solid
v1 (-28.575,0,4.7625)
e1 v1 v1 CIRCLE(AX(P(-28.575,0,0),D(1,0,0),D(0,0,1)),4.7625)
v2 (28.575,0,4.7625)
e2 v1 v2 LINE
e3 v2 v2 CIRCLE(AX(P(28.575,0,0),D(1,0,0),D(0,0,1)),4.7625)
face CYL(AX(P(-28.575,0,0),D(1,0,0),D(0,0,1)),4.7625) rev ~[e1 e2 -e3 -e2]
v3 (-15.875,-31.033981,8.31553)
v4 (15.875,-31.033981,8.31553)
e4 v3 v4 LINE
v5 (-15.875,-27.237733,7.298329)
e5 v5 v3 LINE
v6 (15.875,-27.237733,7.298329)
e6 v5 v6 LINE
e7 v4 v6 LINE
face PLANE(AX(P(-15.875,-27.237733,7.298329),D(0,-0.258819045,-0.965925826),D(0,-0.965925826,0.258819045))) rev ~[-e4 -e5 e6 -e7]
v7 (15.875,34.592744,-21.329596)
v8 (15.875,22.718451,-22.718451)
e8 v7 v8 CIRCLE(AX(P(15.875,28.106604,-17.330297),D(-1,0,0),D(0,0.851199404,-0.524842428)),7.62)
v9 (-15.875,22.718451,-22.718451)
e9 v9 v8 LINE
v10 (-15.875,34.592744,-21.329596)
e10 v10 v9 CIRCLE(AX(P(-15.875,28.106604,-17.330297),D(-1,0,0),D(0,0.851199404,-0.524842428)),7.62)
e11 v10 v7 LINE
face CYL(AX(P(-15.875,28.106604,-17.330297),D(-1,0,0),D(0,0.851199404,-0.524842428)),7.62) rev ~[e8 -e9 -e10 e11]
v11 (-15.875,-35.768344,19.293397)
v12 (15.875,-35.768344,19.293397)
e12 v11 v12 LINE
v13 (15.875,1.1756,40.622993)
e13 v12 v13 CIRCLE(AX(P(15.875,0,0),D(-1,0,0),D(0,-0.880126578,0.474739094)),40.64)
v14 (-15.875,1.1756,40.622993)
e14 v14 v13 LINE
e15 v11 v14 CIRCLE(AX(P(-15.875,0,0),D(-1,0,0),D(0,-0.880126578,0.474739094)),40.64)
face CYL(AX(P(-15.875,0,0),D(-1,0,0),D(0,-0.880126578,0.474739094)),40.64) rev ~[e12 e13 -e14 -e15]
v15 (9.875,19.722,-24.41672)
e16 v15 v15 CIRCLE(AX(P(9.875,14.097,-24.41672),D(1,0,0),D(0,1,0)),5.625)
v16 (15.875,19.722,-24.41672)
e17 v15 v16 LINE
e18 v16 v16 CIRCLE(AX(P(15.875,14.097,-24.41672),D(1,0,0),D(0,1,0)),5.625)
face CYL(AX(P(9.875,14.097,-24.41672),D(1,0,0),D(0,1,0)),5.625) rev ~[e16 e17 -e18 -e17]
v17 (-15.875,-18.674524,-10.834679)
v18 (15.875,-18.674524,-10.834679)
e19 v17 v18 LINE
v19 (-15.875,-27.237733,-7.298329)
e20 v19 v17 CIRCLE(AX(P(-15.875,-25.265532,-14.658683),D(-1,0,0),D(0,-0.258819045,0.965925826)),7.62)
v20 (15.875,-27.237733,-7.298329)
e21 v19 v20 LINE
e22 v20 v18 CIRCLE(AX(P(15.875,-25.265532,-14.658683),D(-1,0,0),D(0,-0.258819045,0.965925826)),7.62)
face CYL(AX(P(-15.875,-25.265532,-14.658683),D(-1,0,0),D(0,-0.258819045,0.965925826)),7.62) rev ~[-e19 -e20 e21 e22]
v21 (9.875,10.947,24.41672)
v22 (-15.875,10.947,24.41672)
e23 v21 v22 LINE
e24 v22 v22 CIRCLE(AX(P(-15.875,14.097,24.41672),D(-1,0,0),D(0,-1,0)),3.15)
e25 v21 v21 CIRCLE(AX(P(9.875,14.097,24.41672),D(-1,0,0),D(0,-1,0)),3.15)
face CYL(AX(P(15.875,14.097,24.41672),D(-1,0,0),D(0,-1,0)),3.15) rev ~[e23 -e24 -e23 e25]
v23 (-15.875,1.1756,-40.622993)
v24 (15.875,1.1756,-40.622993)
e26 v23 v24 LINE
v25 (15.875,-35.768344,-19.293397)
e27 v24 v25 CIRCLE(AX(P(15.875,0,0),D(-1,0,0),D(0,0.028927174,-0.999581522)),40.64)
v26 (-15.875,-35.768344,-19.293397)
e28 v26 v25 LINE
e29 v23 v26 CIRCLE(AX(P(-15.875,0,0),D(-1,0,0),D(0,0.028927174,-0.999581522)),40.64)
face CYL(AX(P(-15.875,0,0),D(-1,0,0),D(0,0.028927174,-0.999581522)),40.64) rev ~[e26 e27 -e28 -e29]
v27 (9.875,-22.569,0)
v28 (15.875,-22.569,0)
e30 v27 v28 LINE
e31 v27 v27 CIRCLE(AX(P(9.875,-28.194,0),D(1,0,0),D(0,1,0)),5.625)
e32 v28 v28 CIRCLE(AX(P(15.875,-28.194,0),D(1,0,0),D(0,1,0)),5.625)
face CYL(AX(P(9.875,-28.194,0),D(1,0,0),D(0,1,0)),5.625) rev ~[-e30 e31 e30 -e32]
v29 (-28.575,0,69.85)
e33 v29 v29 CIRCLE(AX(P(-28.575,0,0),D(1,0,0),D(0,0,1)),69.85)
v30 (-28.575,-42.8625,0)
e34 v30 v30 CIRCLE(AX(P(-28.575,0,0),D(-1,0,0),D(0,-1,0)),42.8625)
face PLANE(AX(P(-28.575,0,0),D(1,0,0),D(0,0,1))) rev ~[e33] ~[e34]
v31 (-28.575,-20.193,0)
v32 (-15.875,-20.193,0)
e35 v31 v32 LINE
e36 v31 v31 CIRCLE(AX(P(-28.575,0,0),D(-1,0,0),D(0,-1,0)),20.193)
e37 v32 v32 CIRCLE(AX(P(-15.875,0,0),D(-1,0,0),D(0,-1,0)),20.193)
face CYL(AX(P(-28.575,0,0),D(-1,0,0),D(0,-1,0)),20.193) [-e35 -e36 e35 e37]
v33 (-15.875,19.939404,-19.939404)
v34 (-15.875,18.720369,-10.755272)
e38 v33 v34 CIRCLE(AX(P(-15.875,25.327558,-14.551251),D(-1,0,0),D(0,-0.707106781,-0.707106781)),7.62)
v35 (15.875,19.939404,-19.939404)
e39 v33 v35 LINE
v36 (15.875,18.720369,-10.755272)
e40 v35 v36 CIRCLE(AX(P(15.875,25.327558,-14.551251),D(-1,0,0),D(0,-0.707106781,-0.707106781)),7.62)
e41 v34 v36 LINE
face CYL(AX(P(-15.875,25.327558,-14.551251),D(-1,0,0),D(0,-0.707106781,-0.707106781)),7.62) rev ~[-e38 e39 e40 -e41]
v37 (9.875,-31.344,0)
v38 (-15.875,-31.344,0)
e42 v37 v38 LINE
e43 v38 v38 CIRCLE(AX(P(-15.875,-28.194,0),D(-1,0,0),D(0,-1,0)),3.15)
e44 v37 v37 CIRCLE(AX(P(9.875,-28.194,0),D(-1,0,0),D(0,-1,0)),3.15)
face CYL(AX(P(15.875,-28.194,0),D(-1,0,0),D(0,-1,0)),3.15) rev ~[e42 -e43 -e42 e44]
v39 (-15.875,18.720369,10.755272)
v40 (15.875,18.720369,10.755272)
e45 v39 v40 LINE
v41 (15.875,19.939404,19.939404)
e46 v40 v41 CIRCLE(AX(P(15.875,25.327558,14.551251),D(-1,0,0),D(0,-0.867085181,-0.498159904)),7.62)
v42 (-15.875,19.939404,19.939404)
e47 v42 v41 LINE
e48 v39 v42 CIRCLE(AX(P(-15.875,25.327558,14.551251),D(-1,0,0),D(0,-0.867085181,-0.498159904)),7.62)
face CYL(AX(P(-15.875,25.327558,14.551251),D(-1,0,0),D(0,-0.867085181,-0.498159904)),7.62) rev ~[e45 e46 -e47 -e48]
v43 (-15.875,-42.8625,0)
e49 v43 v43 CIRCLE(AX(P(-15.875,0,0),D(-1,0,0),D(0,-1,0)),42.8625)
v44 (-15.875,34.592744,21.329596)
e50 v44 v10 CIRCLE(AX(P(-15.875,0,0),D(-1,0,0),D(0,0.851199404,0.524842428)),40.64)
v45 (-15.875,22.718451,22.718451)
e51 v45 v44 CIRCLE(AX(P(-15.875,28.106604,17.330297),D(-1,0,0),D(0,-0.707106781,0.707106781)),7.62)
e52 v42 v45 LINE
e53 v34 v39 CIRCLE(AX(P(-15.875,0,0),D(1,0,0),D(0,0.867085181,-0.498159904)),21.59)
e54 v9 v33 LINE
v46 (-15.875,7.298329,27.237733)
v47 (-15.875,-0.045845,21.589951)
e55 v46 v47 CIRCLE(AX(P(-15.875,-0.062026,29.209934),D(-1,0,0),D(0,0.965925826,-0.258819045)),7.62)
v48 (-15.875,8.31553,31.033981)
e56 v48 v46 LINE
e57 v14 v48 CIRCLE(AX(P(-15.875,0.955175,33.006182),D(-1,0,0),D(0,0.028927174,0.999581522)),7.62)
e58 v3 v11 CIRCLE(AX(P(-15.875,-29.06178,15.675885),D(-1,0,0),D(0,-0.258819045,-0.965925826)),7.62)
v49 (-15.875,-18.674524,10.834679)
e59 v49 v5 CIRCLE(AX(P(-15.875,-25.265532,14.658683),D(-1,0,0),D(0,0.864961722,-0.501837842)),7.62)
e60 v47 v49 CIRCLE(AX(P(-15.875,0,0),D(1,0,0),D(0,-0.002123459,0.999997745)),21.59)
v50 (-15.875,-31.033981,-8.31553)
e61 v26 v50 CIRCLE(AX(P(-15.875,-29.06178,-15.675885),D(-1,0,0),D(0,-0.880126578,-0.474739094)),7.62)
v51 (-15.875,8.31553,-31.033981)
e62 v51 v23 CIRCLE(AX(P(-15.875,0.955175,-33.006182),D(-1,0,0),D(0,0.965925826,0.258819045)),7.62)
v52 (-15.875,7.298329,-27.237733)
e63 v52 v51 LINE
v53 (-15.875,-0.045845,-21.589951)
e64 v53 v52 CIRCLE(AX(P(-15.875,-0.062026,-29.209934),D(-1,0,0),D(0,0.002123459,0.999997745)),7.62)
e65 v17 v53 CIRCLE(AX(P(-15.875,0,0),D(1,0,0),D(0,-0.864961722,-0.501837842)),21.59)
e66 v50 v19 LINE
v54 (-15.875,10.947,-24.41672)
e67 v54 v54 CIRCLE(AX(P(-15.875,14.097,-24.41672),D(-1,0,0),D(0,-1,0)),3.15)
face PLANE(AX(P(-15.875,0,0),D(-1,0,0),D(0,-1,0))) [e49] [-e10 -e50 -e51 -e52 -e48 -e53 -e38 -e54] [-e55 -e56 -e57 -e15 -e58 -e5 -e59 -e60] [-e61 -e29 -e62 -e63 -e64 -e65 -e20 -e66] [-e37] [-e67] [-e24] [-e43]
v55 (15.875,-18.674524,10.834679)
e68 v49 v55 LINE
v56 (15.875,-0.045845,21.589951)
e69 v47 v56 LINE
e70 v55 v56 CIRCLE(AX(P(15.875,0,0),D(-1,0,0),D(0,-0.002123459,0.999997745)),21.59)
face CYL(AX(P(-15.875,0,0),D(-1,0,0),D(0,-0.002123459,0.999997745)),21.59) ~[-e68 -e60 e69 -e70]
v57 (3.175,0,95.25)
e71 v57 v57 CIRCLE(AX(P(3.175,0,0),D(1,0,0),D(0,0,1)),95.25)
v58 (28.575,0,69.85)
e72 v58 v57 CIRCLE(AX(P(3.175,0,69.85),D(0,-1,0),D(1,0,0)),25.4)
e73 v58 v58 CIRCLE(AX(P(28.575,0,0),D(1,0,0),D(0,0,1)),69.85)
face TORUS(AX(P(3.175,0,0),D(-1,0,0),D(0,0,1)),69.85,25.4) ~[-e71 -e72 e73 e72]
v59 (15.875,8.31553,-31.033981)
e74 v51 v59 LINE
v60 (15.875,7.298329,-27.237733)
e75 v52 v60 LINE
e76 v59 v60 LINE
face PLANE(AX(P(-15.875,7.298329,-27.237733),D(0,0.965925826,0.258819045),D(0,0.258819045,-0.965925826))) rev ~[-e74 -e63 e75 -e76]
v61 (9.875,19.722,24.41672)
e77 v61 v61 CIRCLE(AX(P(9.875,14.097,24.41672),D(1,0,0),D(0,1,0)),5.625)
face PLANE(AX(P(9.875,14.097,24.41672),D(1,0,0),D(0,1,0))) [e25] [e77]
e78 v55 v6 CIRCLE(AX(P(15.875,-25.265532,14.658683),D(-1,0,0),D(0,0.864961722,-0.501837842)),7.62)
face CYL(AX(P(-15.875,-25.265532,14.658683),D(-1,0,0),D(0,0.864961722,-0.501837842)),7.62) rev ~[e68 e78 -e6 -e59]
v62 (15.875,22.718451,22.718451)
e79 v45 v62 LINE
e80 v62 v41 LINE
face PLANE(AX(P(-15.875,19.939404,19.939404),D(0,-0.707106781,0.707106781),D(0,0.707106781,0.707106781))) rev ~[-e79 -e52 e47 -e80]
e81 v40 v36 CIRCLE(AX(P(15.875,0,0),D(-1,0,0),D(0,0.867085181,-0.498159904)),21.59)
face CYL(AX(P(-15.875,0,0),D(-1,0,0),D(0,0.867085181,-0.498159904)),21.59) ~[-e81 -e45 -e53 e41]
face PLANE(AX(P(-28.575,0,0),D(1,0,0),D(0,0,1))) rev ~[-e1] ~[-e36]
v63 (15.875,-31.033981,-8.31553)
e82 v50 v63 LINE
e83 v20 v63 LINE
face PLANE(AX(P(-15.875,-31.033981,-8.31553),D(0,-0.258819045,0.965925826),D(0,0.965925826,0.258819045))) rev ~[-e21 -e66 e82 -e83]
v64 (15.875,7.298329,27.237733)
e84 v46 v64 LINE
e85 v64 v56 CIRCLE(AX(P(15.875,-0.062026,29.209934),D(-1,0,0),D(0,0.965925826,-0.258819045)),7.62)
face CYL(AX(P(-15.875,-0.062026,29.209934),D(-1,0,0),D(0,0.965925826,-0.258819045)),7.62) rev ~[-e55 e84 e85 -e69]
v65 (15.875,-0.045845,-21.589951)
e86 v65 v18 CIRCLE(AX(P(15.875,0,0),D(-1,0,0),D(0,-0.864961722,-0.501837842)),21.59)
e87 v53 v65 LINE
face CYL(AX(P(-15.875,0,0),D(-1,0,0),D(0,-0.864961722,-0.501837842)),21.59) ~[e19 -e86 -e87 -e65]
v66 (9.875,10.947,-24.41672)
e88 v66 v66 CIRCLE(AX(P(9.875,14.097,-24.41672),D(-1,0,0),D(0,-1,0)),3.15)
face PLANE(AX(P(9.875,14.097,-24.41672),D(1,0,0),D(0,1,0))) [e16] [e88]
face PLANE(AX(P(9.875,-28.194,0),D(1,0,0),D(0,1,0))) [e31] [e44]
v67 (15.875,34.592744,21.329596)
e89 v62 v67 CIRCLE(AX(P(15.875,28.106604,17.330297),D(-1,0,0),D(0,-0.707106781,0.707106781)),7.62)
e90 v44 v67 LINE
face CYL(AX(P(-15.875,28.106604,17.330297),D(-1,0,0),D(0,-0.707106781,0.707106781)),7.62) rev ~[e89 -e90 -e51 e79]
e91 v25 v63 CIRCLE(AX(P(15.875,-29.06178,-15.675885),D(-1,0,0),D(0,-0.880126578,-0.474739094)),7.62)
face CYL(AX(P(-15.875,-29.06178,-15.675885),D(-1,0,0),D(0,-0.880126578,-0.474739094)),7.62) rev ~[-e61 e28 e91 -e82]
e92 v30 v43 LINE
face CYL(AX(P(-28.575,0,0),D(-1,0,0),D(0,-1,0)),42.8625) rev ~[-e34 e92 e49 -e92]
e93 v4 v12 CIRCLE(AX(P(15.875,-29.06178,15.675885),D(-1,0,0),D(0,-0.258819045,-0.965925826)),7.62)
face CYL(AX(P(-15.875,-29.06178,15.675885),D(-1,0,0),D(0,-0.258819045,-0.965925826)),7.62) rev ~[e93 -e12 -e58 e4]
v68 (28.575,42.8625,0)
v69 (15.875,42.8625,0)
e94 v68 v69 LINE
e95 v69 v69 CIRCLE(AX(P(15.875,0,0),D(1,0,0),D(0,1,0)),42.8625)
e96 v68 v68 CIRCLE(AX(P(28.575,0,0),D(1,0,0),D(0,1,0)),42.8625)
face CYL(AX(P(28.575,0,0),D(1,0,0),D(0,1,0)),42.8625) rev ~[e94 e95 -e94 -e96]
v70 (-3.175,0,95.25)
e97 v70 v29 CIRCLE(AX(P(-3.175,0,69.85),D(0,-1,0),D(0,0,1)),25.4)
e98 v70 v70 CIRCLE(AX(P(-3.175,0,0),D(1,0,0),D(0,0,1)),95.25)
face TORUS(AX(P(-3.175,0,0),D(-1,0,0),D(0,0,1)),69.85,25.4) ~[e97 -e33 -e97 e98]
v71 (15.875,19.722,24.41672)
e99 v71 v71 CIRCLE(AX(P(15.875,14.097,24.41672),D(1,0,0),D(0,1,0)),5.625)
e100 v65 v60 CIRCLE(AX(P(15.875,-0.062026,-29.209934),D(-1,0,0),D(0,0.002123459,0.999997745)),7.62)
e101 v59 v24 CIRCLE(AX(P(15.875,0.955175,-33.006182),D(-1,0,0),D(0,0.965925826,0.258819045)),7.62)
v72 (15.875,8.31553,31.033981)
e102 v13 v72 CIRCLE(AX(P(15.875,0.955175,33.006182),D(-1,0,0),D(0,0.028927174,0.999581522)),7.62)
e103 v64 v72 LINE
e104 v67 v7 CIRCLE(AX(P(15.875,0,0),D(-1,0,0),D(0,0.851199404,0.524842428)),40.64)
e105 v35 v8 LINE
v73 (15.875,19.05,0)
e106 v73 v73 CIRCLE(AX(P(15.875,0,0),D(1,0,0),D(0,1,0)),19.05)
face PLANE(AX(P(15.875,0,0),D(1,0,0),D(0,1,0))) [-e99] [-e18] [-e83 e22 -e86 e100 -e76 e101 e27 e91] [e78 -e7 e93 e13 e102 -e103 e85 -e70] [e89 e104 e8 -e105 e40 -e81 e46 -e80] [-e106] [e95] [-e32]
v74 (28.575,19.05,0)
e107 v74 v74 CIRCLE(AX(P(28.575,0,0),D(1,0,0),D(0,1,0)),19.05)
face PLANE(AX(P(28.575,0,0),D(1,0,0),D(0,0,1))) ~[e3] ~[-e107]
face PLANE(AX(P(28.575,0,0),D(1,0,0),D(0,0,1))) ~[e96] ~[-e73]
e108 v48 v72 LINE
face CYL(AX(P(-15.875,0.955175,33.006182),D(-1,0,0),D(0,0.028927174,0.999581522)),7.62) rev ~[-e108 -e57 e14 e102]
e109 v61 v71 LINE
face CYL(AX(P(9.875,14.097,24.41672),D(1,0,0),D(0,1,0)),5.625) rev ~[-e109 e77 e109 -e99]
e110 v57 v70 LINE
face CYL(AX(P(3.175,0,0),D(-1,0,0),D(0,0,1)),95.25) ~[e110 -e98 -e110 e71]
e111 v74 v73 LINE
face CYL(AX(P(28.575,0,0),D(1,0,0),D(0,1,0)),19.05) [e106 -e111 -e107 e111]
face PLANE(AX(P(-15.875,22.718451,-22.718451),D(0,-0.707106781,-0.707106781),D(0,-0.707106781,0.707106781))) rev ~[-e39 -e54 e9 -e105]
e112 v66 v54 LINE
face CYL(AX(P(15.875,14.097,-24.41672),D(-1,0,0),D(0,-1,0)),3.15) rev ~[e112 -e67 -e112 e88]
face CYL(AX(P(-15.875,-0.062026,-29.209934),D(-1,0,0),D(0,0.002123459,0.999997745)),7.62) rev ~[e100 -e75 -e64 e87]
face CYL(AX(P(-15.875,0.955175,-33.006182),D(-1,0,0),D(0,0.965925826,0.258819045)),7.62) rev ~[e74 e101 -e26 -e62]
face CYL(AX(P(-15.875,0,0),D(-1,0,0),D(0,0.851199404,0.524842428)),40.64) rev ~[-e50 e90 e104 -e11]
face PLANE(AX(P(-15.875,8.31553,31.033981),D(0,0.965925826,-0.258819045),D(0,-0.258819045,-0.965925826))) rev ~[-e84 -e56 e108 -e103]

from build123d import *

# Parameters (mm, degrees)
F2_R           = 42.8625
F2_R_2         = 19.05
F3_DEPTH       = 12.7
F4_R           = 42.8625
F4_R_2         = 20.193
F5_DEPTH       = 12.7
F7_DEPTH       = 44.451
F9_D           = 6.3
F9_CBORE_D     = 11.25
F9_CBORE_DEPTH = 6


with BuildPart() as f1:
    # F0 (on Front) → F1 (revolve)
    with BuildSketch(Plane.XZ):
        with BuildLine():
            Line((-28.575, 69.85), (-28.575, 4.7625))
            Line((-28.575, 4.7625), (28.575, 4.7625))
            Line((28.575, 4.7625), (28.575, 69.85))
            ThreePointArc((28.575, 69.85), (21.1355122421, 87.8105122421), (3.175, 95.25))
            Line((3.175, 95.25), (-3.175, 95.25))
            ThreePointArc((-3.175, 95.25), (-21.1355122421, 87.8105122421), (-28.575, 69.85))
        make_face()
    revolve(axis=Axis((19.5088337422, 0, 0), (1, 0, 0)))

    # F2 (on face) → F3 (cut)
    with BuildSketch(Plane.YZ.offset(28.575)):
        Circle(F2_R)
        Circle(F2_R_2, mode=Mode.SUBTRACT)
    extrude(amount=-F3_DEPTH, mode=Mode.SUBTRACT)

    # F4 (on face) → F5 (cut)
    with BuildSketch(Plane(origin=(-28.575, 0, 0), x_dir=(0, -1, 0), z_dir=(-1, 0, 0))):
        Circle(F4_R)
        Circle(F4_R_2, mode=Mode.SUBTRACT)
    extrude(amount=-F5_DEPTH, mode=Mode.SUBTRACT)

    # F6 (on face) → F7 (cut, through all)
    with BuildSketch(Plane(origin=(-15.875, 0, 0), x_dir=(0, -1, 0), z_dir=(-1, 0, 0))):
        with BuildLine():
            ThreePointArc((-18.7203690505, -10.755272317), (-21.59, 0), (-18.7203690505, 10.755272317))
            ThreePointArc((-18.7203690505, 10.755272317), (-17.7738085484, 15.553880974), (-19.9394044545, 19.9394044545))
            Line((-19.9394044545, 19.9394044545), (-22.7184506514, 22.7184506514))
            ThreePointArc((-22.7184506514, 22.7184506514), (-28.9918287657, 24.8987035276), (-34.5927437834, 21.3295962815))
            ThreePointArc((-34.5927437834, 21.3295962815), (-40.64, 0), (-34.5927437834, -21.3295962815))
            ThreePointArc((-34.5927437834, -21.3295962815), (-28.9918287657, -24.8987035276), (-22.7184506514, -22.7184506514))
            Line((-22.7184506514, -22.7184506514), (-19.9394044545, -19.9394044545))
            ThreePointArc((-19.9394044545, -19.9394044545), (-17.7738085484, -15.553880974), (-18.7203690505, -10.755272317))
        make_face()
        with BuildLine():
            ThreePointArc((-8.315530073, -31.0339807244), (-7.0669953933, -37.5570119771), (-1.1756003406, -40.6229930438))
            ThreePointArc((-1.1756003406, -40.6229930438), (20.32, -35.1952724098), (35.768344124, -19.2933967623))
            ThreePointArc((35.768344124, -19.2933967623), (36.058824159, -12.6583084495), (31.0339807244, -8.315530073))
            Line((31.0339807244, -8.315530073), (27.2377330212, -7.2983285667))
            ThreePointArc((27.2377330212, -7.2983285667), (22.3569603251, -7.615629238), (18.6745235764, -10.8346790074))
            ThreePointArc((18.6745235764, -10.8346790074), (10.795, -18.6974884677), (0.0458454741, -21.5899513245))
            ThreePointArc((0.0458454741, -21.5899513245), (-4.5831517767, -23.1695102119), (-7.2983285667, -27.2377330212))
            Line((-7.2983285667, -27.2377330212), (-8.315530073, -31.0339807244))
        make_face()
        with BuildLine():
            ThreePointArc((31.0339807244, 8.315530073), (36.058824159, 12.6583084495), (35.768344124, 19.2933967623))
            ThreePointArc((35.768344124, 19.2933967623), (20.32, 35.1952724098), (-1.1756003406, 40.6229930438))
            ThreePointArc((-1.1756003406, 40.6229930438), (-7.0669953933, 37.5570119771), (-8.315530073, 31.0339807244))
            Line((-8.315530073, 31.0339807244), (-7.2983285667, 27.2377330212))
            ThreePointArc((-7.2983285667, 27.2377330212), (-4.5831517767, 23.1695102119), (0.0458454741, 21.5899513245))
            ThreePointArc((0.0458454741, 21.5899513245), (10.795, 18.6974884677), (18.6745235764, 10.8346790074))
            ThreePointArc((18.6745235764, 10.8346790074), (22.3569603251, 7.615629238), (27.2377330212, 7.2983285667))
            Line((27.2377330212, 7.2983285667), (31.0339807244, 8.315530073))
        make_face()
    extrude(amount=-F7_DEPTH, mode=Mode.SUBTRACT)

    # F9 (through all)
    with Locations(Plane.YZ.offset(15.875)):
        with Locations((14.097, -24.4167202343), (14.097, 24.4167202343), (-28.194, 0)):
            CounterBoreHole(F9_D / 2, F9_CBORE_D / 2, F9_CBORE_DEPTH)


solid = f1.part
